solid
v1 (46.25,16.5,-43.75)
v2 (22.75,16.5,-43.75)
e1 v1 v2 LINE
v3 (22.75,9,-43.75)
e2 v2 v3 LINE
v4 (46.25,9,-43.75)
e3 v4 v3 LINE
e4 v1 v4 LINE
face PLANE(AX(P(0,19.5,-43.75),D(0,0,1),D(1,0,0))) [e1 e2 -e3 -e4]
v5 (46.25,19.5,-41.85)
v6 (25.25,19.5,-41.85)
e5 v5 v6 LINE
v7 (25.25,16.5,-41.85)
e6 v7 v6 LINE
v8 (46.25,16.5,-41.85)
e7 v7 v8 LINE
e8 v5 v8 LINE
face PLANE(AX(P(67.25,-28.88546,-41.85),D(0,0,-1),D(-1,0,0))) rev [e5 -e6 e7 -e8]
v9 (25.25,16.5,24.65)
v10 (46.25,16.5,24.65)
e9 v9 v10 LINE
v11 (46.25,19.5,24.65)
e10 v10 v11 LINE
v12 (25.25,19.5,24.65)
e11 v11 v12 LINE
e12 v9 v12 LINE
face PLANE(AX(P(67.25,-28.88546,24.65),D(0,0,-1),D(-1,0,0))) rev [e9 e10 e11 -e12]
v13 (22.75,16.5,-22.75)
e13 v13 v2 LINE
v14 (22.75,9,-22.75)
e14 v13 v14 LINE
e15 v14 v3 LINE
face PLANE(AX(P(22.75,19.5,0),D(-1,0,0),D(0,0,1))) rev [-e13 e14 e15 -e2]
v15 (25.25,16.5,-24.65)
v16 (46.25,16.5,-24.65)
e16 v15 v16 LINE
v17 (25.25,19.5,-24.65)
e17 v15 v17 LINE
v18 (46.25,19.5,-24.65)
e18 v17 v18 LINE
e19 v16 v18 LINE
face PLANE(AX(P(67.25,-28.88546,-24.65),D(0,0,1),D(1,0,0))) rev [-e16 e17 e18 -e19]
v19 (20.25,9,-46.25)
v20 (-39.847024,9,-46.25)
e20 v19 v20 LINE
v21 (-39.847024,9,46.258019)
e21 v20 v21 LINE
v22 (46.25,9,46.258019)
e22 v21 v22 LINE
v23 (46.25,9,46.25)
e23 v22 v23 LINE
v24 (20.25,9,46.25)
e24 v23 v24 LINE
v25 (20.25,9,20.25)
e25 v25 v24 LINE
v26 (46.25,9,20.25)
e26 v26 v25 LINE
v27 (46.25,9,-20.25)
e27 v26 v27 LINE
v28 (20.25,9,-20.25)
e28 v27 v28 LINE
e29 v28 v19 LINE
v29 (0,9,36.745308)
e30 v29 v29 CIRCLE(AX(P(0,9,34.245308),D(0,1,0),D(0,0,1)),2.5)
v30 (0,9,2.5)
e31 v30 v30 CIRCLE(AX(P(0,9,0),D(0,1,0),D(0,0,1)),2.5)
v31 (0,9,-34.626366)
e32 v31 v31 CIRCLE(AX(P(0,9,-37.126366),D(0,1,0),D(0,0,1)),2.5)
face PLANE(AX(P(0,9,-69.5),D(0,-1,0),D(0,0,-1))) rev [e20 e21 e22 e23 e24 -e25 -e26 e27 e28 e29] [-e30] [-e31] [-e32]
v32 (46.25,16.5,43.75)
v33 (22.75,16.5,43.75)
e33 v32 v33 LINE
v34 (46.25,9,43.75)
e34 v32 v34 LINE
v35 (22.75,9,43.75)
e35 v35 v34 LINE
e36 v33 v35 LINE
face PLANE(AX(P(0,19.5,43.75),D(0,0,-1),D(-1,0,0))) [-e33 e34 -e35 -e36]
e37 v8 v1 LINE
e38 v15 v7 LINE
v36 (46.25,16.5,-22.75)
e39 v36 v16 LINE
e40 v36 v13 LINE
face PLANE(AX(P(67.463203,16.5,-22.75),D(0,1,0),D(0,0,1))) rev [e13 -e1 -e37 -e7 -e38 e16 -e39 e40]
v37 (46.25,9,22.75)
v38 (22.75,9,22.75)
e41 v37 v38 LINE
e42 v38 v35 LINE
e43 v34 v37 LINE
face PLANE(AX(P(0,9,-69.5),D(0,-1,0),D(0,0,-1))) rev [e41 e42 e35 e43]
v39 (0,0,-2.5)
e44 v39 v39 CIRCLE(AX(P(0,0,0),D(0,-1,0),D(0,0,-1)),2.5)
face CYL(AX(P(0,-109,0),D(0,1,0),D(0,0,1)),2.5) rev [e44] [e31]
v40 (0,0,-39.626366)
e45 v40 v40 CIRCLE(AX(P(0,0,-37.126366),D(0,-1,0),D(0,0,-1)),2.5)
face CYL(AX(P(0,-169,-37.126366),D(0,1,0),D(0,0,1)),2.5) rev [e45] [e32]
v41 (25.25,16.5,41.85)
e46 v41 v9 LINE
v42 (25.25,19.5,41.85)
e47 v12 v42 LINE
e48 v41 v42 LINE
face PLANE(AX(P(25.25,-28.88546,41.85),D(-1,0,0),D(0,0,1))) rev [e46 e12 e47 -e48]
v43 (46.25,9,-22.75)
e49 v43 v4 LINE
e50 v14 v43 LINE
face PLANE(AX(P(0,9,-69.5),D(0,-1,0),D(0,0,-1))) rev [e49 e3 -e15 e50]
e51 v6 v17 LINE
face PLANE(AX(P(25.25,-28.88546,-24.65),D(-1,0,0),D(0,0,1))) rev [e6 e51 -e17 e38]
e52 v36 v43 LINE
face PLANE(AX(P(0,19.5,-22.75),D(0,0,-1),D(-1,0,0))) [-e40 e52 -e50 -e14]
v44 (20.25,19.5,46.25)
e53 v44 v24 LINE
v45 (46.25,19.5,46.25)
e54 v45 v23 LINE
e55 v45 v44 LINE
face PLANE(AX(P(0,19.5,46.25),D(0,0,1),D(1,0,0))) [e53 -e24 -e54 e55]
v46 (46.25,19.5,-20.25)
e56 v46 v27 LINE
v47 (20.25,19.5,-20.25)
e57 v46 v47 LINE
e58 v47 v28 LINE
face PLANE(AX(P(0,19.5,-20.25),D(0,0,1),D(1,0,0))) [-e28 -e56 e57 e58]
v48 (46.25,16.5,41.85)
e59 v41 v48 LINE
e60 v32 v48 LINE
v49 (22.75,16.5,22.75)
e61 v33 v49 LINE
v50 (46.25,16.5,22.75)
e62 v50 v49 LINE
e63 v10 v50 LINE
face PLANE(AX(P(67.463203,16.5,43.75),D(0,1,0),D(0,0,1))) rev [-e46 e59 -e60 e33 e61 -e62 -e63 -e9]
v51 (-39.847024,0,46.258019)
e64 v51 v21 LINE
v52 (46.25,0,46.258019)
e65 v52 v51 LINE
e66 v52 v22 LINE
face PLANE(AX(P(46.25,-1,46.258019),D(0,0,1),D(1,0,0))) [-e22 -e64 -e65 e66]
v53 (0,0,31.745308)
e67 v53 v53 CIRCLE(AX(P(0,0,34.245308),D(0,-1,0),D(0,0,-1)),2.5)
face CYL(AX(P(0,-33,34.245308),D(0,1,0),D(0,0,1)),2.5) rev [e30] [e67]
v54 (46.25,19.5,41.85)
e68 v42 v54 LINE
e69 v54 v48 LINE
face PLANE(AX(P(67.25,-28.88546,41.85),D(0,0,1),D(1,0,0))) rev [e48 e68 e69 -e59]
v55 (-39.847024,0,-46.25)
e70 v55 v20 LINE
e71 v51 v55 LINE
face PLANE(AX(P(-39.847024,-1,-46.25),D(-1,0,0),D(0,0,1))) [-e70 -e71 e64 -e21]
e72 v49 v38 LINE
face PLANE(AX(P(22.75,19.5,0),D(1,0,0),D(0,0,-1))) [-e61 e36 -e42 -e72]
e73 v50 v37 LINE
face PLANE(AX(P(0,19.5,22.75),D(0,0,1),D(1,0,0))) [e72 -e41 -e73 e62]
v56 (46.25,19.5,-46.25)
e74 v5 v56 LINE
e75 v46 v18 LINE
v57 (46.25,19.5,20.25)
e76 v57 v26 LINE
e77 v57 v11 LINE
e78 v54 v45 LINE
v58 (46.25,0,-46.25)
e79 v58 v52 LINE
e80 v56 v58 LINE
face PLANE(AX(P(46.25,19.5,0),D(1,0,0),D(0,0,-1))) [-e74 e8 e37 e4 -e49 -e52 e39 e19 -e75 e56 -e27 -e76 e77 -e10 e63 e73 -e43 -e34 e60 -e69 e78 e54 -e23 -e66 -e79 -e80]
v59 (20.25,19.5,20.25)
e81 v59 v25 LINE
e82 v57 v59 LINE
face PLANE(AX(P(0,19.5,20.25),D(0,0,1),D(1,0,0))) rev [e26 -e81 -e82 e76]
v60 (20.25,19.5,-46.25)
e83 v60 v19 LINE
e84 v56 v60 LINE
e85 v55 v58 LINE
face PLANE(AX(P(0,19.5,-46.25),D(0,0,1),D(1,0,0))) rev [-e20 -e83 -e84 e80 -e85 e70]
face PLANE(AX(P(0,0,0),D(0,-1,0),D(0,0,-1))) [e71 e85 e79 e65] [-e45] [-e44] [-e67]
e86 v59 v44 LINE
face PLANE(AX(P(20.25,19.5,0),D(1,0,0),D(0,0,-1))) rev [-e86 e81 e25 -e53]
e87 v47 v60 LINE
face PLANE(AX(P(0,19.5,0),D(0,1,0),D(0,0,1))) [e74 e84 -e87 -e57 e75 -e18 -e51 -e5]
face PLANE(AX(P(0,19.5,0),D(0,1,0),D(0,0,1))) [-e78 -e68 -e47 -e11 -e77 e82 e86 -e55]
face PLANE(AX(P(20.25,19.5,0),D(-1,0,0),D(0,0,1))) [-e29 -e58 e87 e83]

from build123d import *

# Parameters (mm, degrees)
SKETCH1_W            = 133
SKETCH1_H            = 133
BOSS_EXTRUDE2_DEPTH  = 136
SKETCH2_W            = 133
SKETCH2_H            = 118
CUT_EXTRUDE1_DEPTH   = 136
BOSS_EXTRUDE3_DEPTH  = 10.5
SKETCH5_W            = 21
SKETCH5_H            = 3
BOSS_EXTRUDE4_DEPTH  = 23.5
SKETCH6_W            = 42
SKETCH6_H            = 17.2
CUT_EXTRUDE2_DEPTH   = 3
BOSS_EXTRUDE5_DEPTH  = 10.5
SKETCH8_W            = 21
SKETCH8_H            = 3
BOSS_EXTRUDE6_DEPTH  = 23.5
SKETCH9_W            = 42
SKETCH9_H            = 17.2
CUT_EXTRUDE3_DEPTH   = 3
SKETCH10_W           = 19.261488562
SKETCH10_H           = 133
BOSS_EXTRUDE7_DEPTH  = 5
SKETCH11_W           = 18.43727499
SKETCH11_H           = 133
BOSS_EXTRUDE8_DEPTH  = 5
SKETCH12_W           = 18.849381776
SKETCH12_H           = 146
BOSS_EXTRUDE9_DEPTH  = 12
SKETCH14_W           = 18.849381776
SKETCH14_H           = 146
BOSS_EXTRUDE10_DEPTH = 12
SKETCH17_R           = 1
CUT_EXTRUDE4_DEPTH   = 222.251553667
SKETCH20_W           = 133.244561713
SKETCH20_H           = 5
CUT_EXTRUDE10_DEPTH  = 19
SKETCH21_W           = 157
SKETCH21_H           = 120.66580897
CUT_EXTRUDE11_DEPTH  = 118
SKETCH22_W           = 186.174267818
SKETCH22_H           = 42.2523161
CUT_EXTRUDE12_DEPTH  = 118
SKETCH23_W           = 12
SKETCH23_H           = 25.33419103
CUT_EXTRUDE13_DEPTH  = 118
SKETCH24_W           = 12
SKETCH24_H           = 25.33419103
CUT_EXTRUDE14_DEPTH  = 118
SKETCH31_R           = 2.5
CUT_EXTRUDE21_DEPTH  = 118
SKETCH32_R           = 2.5
CUT_EXTRUDE22_DEPTH  = 118
SKETCH33_W           = 133
SKETCH33_H           = 5
CUT_EXTRUDE24_DEPTH  = 118
SKETCH34_R           = 2.5
CUT_EXTRUDE25_DEPTH  = 118
SKETCH35_W           = 133
SKETCH35_H           = 133
SKETCH35_W_2         = 86.097023631
SKETCH35_H_2         = 92.508019
CUT_EXTRUDE27_DEPTH  = 10
SKETCH36_R           = 2.5
CUT_EXTRUDE28_DEPTH  = 178
SKETCH37_R           = 2.5
CUT_EXTRUDE29_DEPTH  = 42


with BuildPart() as part:
    # Sketch1 → Boss-Extrude2 (new body)
    with BuildSketch(Plane(origin=(0, 0, 0), x_dir=(1, 0, 0), z_dir=(0, 1, 0))):
        Rectangle(SKETCH1_W, SKETCH1_H)
    extrude(amount=BOSS_EXTRUDE2_DEPTH)

    # Sketch2 → Cut-Extrude1 (cut)
    with BuildSketch(Plane.XY.offset(66.5)):
        with Locations((0, 68)):
            Rectangle(SKETCH2_W, SKETCH2_H)
    extrude(amount=-CUT_EXTRUDE1_DEPTH, mode=Mode.SUBTRACT)


with BuildPart() as cut_extrude1_piece_1:
    # of the separate pieces the step leaves, piece 1, a body of its own (cut_extrude1_pieces)
    add(part.part.solids().sort_by_distance((-66.5, 0, 66.5))[0])

    # Sketch4 → Boss-Extrude3 (add)
    with BuildSketch(Plane(origin=(0, 9, 0), x_dir=(1, 0, 0), z_dir=(0, 1, 0))):
        Polygon((22.75, -22.75), (43.75, -22.75), (46.25, -22.75), (46.25, -20.25), (20.25, -20.25), (20.25, -46.25), (46.25, -46.25), (46.25, -43.75), (43.75, -43.75), (22.75, -43.75), align=None)
        Polygon((22.75, 43.75), (43.75, 43.75), (46.25, 43.75), (46.25, 46.25), (20.25, 46.25), (20.25, 20.25), (46.25, 20.25), (46.25, 22.75), (43.75, 22.75), (22.75, 22.75), align=None)
    extrude(amount=BOSS_EXTRUDE3_DEPTH)

    # Sketch5 → Boss-Extrude4 (add)
    with BuildSketch(Plane(origin=(22.75, 0, 0), x_dir=(0, 0, -1), z_dir=(1, 0, 0))):
        with Locations((-33.25, 18)):
            Rectangle(SKETCH5_W, SKETCH5_H)
        with Locations((33.25, 18)):
            Rectangle(SKETCH5_W, SKETCH5_H)
    extrude(amount=BOSS_EXTRUDE4_DEPTH)

    # Sketch6 → Cut-Extrude2 (cut)
    with BuildSketch(Plane(origin=(0, 19.5, 0), x_dir=(1, 0, 0), z_dir=(0, 1, 0))):
        with Locations((46.25, -33.25)):
            Rectangle(SKETCH6_W, SKETCH6_H)
        with Locations((46.25, 33.25)):
            Rectangle(SKETCH6_W, SKETCH6_H)
    extrude(amount=-CUT_EXTRUDE2_DEPTH, mode=Mode.SUBTRACT)

    # Sketch10 → Boss-Extrude7 (add)
    with BuildSketch(Plane.XZ):
        Rectangle(SKETCH10_W, SKETCH10_H)
    extrude(amount=BOSS_EXTRUDE7_DEPTH)



with BuildPart() as cut_extrude1_piece_2:
    # of the separate pieces the step leaves, piece 2, a body of its own (cut_extrude1_pieces)
    add(part.part.solids().sort_by_distance((66.5, 127, 66.5))[0])

    # Sketch7 → Boss-Extrude5 (add)
    with BuildSketch(Plane.XZ.offset(-127)):
        Polygon((-43.75, 43.75), (-22.75, 43.75), (-22.75, 22.75), (-43.75, 22.75), (-46.25, 22.75), (-46.25, 20.25), (-20.25, 20.25), (-20.25, 46.25), (-46.25, 46.25), (-46.25, 43.75), align=None)
        Polygon((-43.75, -22.75), (-22.75, -22.75), (-22.75, -43.75), (-43.75, -43.75), (-46.25, -43.75), (-46.25, -46.25), (-20.25, -46.25), (-20.25, -20.25), (-46.25, -20.25), (-46.25, -22.75), align=None)
    extrude(amount=BOSS_EXTRUDE5_DEPTH)

    # Sketch8 → Boss-Extrude6 (add)
    with BuildSketch(Plane.ZY.offset(22.75)):
        with Locations((33.25, 118)):
            Rectangle(SKETCH8_W, SKETCH8_H)
        with Locations((-33.25, 118)):
            Rectangle(SKETCH8_W, SKETCH8_H)
    extrude(amount=BOSS_EXTRUDE6_DEPTH)

    # Sketch9 → Cut-Extrude3 (cut)
    with BuildSketch(Plane.XZ.offset(-116.5)):
        with Locations((-46.25, 33.25)):
            Rectangle(SKETCH9_W, SKETCH9_H)
        with Locations((-46.25, -33.25)):
            Rectangle(SKETCH9_W, SKETCH9_H)
    extrude(amount=-CUT_EXTRUDE3_DEPTH, mode=Mode.SUBTRACT)

    # Sketch11 → Boss-Extrude8 (add)
    with BuildSketch(Plane(origin=(0, 136, 0), x_dir=(1, 0, 0), z_dir=(0, 1, 0))):
        Rectangle(SKETCH11_W, SKETCH11_H)
    extrude(amount=BOSS_EXTRUDE8_DEPTH)


with BuildPart() as cut_extrude1_piece_1_1:
    add(cut_extrude1_piece_1.part)

    add(cut_extrude1_piece_2.part)  # Boss-Extrude9 merges Cut-Extrude1 piece 2
    # Sketch12 → Boss-Extrude9 (add)
    with BuildSketch(Plane(origin=(0, 0, -66.5), x_dir=(-1, 0, 0), z_dir=(0, 0, -1))):
        with Locations((-0.206053393, 68)):
            Rectangle(SKETCH12_W, SKETCH12_H)
    extrude(amount=BOSS_EXTRUDE9_DEPTH)

    # Sketch14 → Boss-Extrude10 (add)
    with BuildSketch(Plane.XY.offset(66.5)):
        with Locations((0.206053393, 68)):
            Rectangle(SKETCH14_W, SKETCH14_H)
    extrude(amount=BOSS_EXTRUDE10_DEPTH)

    # Sketch17 → Cut-Extrude4 (cut, through all)
    with BuildSketch(Plane.XY.offset(78.5)):
        with Locations((0.206053393, 68)):
            Circle(SKETCH17_R)
    extrude(amount=-CUT_EXTRUDE4_DEPTH, mode=Mode.SUBTRACT)

    # Sketch20 → Cut-Extrude10 (cut)
    with BuildSketch(Plane.ZY.offset(9.218637495)):
        with Locations((0.122280857, 138.5)):
            Rectangle(SKETCH20_W, SKETCH20_H)
    extrude(amount=-CUT_EXTRUDE10_DEPTH, mode=Mode.SUBTRACT)

    # Sketch21 → Cut-Extrude11 (cut)
    with BuildSketch(Plane.ZY.offset(9.218637495)):
        with Locations((0, 80.667095515)):
            Rectangle(SKETCH21_W, SKETCH21_H)
    extrude(amount=-CUT_EXTRUDE11_DEPTH, mode=Mode.SUBTRACT)


with BuildPart() as cut_extrude11_piece_1:
    # of the separate pieces the step leaves, piece 1, a body of its own (cut_extrude11_pieces)
    add(cut_extrude1_piece_1_1.part.solids().sort_by_distance((9.630744281, 20.33419103, 66.5))[0])

    # Sketch23 → Cut-Extrude13 (cut)
    with BuildSketch(Plane.ZY.offset(9.218637495)):
        with Locations((-72.5, 7.667095515)):
            Rectangle(SKETCH23_W, SKETCH23_H)
    extrude(amount=-CUT_EXTRUDE13_DEPTH, mode=Mode.SUBTRACT)

    # Sketch24 → Cut-Extrude14 (cut)
    with BuildSketch(Plane.ZY.offset(9.218637495)):
        with Locations((72.5, 7.667095515)):
            Rectangle(SKETCH24_W, SKETCH24_H)
    extrude(amount=-CUT_EXTRUDE14_DEPTH, mode=Mode.SUBTRACT)

    # Sketch31 → Cut-Extrude21 (cut)
    with BuildSketch(Plane.XZ.offset(5)):
        with Locations(Location((0, 59.499471122, 0), (0, 0, 270))):
            Circle(SKETCH31_R)
    extrude(amount=-CUT_EXTRUDE21_DEPTH, mode=Mode.SUBTRACT)

    # Sketch32 → Cut-Extrude22 (cut)
    with BuildSketch(Plane.XZ.offset(5)):
        with Locations(Location((0, -59.159797643, 0), (0, 0, 270))):
            Circle(SKETCH32_R)
    extrude(amount=-CUT_EXTRUDE22_DEPTH, mode=Mode.SUBTRACT)

    # Sketch33 → Cut-Extrude24 (cut)
    with BuildSketch(Plane.ZY.offset(9.630744281)):
        with Locations((0, -2.5)):
            Rectangle(SKETCH33_W, SKETCH33_H)
    extrude(amount=-CUT_EXTRUDE24_DEPTH, mode=Mode.SUBTRACT)

    # Sketch34 → Cut-Extrude25 (cut)
    with BuildSketch(Plane(origin=(0, 9, 0), x_dir=(1, 0, 0), z_dir=(0, 1, 0))):
        with Locations(Location((0, 0, 0), (0, 0, 270))):
            Circle(SKETCH34_R)
    extrude(amount=-CUT_EXTRUDE25_DEPTH, mode=Mode.SUBTRACT)

    # Sketch35 → Cut-Extrude27 (cut)
    with BuildSketch(Plane(origin=(0, 9, 0), x_dir=(1, 0, 0), z_dir=(0, 1, 0))):
        Rectangle(SKETCH35_W, SKETCH35_H)
        with Locations((3.201488185, -0.0040095)):
            Rectangle(SKETCH35_W_2, SKETCH35_H_2, mode=Mode.SUBTRACT)
    extrude(amount=-CUT_EXTRUDE27_DEPTH, mode=Mode.SUBTRACT)

    # Sketch36 → Cut-Extrude28 (cut)
    with BuildSketch(Plane(origin=(0, 9, 0), x_dir=(1, 0, 0), z_dir=(0, 1, 0))):
        with Locations(Location((0, 37.126366322, 0), (0, 0, 270))):
            Circle(SKETCH36_R)
    extrude(amount=-CUT_EXTRUDE28_DEPTH, mode=Mode.SUBTRACT)

    # Sketch37 → Cut-Extrude29 (cut)
    with BuildSketch(Plane(origin=(0, 9, 0), x_dir=(1, 0, 0), z_dir=(0, 1, 0))):
        with Locations(Location((0, -34.245307912, 0), (0, 0, 270))):
            Circle(SKETCH37_R)
    extrude(amount=-CUT_EXTRUDE29_DEPTH, mode=Mode.SUBTRACT)


with BuildPart() as cut_extrude11_piece_2:
    # of the separate pieces the step leaves, piece 2, a body of its own (cut_extrude11_pieces)
    add(cut_extrude1_piece_1_1.part.solids().sort_by_distance((-9.218637495, 127, 66.5))[0])

    # Sketch22 → Cut-Extrude12 (cut)
    with BuildSketch(Plane.ZY.offset(66.5)):
        with Locations((20.706035589, 120.536042421)):
            Rectangle(SKETCH22_W, SKETCH22_H)
    extrude(amount=-CUT_EXTRUDE12_DEPTH, mode=Mode.SUBTRACT)


solid = cut_extrude11_piece_1.part
